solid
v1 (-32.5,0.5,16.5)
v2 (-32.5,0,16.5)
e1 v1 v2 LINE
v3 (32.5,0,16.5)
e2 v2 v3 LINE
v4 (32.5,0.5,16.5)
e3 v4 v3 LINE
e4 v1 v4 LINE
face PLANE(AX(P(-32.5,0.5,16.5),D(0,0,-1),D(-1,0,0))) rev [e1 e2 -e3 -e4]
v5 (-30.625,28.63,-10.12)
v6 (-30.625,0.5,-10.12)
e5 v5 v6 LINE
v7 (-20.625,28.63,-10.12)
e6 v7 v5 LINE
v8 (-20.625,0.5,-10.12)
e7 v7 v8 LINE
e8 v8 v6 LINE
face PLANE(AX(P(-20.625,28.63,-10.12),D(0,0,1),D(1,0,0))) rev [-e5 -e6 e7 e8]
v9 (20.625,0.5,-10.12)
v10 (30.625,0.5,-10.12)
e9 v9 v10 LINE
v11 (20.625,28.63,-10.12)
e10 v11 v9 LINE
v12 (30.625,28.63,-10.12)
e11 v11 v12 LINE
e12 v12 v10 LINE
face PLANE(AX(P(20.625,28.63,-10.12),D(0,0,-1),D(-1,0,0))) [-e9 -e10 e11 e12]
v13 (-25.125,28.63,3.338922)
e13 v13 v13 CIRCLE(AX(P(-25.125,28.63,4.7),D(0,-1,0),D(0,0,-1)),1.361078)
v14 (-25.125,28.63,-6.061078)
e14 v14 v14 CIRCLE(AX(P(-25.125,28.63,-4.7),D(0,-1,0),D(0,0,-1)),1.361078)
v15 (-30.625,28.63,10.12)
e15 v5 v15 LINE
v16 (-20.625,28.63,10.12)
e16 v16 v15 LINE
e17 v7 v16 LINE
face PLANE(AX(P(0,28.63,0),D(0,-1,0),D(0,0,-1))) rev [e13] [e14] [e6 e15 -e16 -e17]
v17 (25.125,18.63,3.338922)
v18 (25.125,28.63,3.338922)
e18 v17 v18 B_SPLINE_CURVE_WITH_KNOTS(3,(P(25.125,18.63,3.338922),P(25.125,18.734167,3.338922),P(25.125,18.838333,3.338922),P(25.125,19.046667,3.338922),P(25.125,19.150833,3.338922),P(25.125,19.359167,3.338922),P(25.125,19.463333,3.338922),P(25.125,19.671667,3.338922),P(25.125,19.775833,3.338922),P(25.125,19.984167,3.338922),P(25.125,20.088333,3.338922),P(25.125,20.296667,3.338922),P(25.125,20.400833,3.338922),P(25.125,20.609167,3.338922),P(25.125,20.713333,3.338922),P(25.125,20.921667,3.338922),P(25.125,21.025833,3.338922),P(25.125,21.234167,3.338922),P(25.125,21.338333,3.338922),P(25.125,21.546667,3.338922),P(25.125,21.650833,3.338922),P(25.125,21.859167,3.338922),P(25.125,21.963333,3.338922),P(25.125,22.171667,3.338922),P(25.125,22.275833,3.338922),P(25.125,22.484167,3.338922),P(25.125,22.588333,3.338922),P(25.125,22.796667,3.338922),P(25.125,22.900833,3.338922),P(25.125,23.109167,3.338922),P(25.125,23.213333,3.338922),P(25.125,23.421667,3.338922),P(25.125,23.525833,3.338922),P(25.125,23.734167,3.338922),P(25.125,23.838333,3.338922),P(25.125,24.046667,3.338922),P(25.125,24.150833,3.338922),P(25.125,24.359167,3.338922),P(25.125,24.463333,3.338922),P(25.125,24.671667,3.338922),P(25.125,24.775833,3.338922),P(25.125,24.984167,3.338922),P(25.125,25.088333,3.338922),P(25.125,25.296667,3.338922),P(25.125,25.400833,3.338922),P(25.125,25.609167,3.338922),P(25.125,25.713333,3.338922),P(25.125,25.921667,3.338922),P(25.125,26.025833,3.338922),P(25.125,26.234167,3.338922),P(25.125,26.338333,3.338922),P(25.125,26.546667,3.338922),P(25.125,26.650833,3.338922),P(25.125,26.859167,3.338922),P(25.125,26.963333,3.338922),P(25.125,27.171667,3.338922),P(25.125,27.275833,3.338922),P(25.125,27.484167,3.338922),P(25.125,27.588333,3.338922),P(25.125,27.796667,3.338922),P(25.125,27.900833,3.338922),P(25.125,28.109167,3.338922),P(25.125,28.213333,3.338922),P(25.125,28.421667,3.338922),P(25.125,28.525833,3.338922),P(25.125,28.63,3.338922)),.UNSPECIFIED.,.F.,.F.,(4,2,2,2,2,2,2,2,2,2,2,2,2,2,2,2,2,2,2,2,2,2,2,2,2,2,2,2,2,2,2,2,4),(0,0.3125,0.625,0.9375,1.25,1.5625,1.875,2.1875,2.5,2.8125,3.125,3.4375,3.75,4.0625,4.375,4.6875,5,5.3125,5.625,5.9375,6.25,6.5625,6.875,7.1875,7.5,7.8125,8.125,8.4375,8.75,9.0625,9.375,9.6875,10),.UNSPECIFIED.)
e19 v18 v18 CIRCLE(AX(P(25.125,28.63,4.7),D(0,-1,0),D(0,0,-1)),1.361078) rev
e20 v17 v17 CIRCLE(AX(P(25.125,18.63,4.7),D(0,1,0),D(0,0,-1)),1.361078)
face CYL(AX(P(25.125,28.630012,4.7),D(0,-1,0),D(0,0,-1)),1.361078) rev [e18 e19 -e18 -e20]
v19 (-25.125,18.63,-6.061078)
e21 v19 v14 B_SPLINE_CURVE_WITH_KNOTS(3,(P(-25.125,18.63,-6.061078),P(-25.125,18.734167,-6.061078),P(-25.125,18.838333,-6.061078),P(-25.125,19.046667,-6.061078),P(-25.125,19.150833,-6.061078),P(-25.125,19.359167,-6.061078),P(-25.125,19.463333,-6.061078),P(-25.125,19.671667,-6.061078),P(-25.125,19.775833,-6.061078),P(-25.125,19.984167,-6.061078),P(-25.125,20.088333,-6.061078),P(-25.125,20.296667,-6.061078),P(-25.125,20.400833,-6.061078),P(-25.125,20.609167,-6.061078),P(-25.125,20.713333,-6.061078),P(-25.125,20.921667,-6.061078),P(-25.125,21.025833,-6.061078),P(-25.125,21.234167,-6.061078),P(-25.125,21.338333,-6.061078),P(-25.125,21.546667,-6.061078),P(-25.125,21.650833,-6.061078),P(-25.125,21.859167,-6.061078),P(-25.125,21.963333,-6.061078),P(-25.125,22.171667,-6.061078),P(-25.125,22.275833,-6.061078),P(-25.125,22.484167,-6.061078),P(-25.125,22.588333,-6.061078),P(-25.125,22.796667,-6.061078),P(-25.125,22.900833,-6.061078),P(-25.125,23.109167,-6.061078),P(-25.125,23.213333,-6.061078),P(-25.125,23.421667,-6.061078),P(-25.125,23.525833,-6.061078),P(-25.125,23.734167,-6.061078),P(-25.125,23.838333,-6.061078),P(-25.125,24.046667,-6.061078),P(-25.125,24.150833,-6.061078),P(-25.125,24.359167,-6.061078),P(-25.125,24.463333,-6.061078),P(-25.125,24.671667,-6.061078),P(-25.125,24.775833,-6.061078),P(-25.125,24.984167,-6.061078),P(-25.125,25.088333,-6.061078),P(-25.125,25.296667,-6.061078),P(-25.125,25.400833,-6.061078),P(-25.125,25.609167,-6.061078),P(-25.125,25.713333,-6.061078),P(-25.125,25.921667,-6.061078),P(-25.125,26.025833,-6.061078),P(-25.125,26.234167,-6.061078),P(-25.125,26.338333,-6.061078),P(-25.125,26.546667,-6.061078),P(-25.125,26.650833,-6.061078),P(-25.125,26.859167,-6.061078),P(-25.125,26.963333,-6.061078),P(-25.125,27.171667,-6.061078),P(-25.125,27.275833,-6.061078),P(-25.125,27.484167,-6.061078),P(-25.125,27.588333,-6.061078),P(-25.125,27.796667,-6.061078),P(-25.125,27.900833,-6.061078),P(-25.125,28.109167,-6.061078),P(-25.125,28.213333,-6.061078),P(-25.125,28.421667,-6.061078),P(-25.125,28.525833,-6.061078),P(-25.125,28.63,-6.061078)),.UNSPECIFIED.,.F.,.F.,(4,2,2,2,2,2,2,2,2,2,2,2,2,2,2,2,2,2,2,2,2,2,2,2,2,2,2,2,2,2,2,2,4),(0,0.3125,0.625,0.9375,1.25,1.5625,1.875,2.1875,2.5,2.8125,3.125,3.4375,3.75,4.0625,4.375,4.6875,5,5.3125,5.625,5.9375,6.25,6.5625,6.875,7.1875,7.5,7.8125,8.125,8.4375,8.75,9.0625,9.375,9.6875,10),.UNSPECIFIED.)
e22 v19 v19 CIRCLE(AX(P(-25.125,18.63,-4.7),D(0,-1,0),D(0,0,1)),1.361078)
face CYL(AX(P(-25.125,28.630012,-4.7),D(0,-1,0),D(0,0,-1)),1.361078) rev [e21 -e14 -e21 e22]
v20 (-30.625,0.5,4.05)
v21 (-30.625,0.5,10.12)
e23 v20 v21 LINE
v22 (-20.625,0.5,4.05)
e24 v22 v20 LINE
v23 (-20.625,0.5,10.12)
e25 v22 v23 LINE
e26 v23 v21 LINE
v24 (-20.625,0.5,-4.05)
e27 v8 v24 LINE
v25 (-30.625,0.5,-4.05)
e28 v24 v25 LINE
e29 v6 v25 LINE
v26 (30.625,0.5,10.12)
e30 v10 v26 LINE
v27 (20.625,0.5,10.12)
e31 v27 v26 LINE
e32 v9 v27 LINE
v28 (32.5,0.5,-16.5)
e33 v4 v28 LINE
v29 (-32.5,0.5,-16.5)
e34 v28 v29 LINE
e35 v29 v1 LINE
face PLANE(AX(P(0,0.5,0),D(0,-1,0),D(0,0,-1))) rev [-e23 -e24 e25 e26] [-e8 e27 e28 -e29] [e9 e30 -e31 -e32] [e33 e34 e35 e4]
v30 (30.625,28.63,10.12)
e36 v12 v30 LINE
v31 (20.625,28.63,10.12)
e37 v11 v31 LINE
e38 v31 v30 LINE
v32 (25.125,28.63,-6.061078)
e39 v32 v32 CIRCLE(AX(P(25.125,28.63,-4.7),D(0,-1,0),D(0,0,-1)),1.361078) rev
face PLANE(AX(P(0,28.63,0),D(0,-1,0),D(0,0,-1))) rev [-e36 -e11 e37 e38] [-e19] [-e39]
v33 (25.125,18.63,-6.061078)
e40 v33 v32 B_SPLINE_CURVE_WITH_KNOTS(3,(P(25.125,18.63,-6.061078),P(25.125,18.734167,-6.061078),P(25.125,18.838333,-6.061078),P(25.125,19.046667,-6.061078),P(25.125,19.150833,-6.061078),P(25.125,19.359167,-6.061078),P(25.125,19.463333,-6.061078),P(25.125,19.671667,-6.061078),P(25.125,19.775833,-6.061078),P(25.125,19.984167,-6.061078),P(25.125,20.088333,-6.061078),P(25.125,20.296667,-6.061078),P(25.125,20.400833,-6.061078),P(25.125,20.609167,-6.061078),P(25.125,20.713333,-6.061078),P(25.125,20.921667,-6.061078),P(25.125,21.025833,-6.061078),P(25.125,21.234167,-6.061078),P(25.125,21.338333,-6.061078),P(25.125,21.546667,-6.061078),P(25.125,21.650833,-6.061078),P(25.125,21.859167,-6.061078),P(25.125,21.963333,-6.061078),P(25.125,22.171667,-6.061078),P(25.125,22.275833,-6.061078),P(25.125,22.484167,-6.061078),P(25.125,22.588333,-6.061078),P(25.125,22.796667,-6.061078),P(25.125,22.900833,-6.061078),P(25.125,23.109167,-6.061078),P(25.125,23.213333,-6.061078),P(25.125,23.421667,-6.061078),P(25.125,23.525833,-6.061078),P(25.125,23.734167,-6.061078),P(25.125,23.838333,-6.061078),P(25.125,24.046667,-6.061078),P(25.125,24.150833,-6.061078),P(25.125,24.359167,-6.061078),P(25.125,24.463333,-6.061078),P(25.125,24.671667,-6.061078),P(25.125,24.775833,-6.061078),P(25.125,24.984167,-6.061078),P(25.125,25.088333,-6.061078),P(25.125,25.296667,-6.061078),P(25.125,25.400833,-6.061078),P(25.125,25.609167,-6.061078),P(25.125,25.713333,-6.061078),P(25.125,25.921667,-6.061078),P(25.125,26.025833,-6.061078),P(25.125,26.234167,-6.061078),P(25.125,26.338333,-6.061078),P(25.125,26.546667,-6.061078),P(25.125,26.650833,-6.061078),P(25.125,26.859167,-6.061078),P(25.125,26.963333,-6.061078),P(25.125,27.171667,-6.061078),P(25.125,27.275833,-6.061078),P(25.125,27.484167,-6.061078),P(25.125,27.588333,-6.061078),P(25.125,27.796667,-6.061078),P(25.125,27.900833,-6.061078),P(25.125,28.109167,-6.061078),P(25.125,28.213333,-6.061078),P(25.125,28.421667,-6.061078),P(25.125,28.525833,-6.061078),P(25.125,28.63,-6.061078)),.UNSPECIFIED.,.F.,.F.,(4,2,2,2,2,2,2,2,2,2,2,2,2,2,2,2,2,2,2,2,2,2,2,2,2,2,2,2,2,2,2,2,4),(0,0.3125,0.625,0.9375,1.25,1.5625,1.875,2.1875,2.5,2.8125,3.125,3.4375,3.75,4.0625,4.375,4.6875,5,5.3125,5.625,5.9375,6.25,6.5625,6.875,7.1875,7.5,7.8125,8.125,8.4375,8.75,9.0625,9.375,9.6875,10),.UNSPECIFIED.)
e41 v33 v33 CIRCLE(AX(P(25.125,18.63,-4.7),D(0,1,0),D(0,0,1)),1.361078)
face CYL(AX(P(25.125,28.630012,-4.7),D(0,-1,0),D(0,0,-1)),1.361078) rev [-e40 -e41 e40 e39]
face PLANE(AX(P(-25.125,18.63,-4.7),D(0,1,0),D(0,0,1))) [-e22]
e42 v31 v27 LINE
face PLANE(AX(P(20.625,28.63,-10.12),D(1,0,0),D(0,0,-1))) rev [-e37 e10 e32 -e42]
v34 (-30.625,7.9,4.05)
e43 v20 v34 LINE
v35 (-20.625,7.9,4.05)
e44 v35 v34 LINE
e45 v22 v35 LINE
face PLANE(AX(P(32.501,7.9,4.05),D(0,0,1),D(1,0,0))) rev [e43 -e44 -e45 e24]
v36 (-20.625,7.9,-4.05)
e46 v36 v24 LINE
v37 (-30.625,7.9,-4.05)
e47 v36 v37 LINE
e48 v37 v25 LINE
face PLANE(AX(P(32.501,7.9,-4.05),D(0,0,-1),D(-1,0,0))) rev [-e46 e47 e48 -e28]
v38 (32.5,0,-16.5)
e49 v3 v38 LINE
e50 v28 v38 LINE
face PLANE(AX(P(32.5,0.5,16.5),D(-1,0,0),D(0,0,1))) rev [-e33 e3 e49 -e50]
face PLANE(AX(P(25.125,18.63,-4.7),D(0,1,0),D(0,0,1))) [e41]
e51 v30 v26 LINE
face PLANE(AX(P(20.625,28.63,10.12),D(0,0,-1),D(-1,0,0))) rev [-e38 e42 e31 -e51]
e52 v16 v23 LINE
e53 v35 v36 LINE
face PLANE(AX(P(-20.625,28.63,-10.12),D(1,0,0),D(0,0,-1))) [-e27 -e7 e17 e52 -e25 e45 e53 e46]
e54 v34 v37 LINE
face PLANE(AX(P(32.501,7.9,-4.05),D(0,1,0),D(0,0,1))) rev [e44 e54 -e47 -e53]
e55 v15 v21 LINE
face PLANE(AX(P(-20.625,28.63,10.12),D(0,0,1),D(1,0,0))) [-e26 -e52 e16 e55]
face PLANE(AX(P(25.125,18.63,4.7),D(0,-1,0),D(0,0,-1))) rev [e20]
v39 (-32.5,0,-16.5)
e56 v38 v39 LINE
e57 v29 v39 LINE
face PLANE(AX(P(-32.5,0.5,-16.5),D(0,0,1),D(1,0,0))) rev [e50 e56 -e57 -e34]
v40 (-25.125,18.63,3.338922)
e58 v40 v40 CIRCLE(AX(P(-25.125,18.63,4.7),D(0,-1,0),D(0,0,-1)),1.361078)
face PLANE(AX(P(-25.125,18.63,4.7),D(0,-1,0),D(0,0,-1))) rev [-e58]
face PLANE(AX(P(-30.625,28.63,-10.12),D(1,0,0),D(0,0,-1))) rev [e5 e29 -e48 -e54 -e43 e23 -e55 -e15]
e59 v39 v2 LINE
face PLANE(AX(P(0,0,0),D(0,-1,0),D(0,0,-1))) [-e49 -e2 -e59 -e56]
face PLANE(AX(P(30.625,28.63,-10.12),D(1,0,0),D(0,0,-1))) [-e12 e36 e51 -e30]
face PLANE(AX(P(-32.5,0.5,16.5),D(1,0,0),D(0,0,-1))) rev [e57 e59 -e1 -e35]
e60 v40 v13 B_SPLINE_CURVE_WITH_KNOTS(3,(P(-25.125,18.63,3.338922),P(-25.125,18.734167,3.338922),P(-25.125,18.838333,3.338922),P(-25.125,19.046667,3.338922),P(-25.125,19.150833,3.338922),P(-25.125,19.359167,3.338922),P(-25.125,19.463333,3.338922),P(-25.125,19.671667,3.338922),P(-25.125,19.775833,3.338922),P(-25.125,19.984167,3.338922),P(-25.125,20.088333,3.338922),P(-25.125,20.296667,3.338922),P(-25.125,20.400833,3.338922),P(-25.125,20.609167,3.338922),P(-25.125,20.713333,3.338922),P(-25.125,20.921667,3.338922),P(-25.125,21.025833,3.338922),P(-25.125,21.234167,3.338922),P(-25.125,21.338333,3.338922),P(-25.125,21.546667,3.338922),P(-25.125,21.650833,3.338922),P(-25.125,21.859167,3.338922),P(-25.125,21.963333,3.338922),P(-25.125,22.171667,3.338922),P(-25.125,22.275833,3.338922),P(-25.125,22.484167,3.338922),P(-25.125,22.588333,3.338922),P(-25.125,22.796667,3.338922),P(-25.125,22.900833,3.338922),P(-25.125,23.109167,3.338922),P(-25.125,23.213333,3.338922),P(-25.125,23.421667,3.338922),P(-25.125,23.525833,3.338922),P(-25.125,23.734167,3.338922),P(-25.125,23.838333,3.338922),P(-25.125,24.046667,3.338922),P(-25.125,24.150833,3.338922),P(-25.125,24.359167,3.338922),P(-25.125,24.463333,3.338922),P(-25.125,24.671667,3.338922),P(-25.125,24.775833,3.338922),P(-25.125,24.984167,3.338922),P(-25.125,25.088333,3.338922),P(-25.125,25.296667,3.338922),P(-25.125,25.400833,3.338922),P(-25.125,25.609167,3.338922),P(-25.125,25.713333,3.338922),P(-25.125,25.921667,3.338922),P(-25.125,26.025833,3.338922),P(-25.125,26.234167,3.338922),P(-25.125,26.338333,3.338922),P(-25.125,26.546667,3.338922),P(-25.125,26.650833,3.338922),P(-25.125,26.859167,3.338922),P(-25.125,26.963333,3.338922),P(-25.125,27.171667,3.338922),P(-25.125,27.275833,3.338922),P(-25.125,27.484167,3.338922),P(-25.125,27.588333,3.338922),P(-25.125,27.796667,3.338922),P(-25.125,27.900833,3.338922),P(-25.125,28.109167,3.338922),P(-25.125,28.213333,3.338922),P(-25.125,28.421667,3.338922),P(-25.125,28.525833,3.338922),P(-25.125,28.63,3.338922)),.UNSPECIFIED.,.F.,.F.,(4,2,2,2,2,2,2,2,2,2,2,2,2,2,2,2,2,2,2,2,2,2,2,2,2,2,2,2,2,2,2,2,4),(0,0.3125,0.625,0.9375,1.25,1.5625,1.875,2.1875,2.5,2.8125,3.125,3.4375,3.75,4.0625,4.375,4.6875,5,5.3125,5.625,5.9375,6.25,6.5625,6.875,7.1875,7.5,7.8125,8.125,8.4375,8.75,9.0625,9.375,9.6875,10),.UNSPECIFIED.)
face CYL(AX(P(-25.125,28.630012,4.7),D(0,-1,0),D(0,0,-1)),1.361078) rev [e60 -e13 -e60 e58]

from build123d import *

# Parameters (mm, degrees)
SKETCH1_W           = 65
SKETCH1_H           = 33
BOSS_EXTRUDE1_DEPTH = 0.5
SKETCH2_W           = 10
SKETCH2_H           = 20.24
BOSS_EXTRUDE2_DEPTH = 28.13
CUT_EXTRUDE1_START  = -10
SKETCH3_R           = 1.361077795
CUT_EXTRUDE1_DEPTH  = 57.348429315
CUT_EXTRUDE2_REACH  = 73.251
SKETCH4_W           = 8.1
SKETCH4_H           = 7.4


with BuildPart() as part:
    # Sketch1 → Boss-Extrude1 (new body)
    with BuildSketch(Plane(origin=(0, 0, 0), x_dir=(1, 0, 0), z_dir=(0, 1, 0))):
        Rectangle(SKETCH1_W, SKETCH1_H)
    extrude(amount=BOSS_EXTRUDE1_DEPTH)

    # Sketch2 → Boss-Extrude2 (add)
    with BuildSketch(Plane(origin=(0, 0.5, 0), x_dir=(1, 0, 0), z_dir=(0, 1, 0))):
        with Locations((25.625, 0)):
            Rectangle(SKETCH2_W, SKETCH2_H)
    boss_extrude2 = extrude(amount=BOSS_EXTRUDE2_DEPTH)

    # Sketch3 → Cut-Extrude1 (cut)
    with BuildSketch(Plane(origin=(0, 28.63, 0), x_dir=(1, 0, 0), z_dir=(0, 1, 0)).offset(CUT_EXTRUDE1_START)):
        with Locations(Location((25.125, 4.7, 0), (0, 0, 90))):
            Circle(SKETCH3_R)
        with Locations(Location((25.125, -4.7, 0), (0, 0, 90))):
            Circle(SKETCH3_R)
    cut_extrude1 = extrude(amount=CUT_EXTRUDE1_DEPTH, mode=Mode.SUBTRACT)

    # Mirror3: Boss-Extrude2, Cut-Extrude1 across plane
    add(boss_extrude2.mirror(Plane(origin=(0, 0, 0), x_dir=(0, 0, 1), z_dir=(1, 0, 0))))
    add(cut_extrude1.mirror(Plane(origin=(0, 0, 0), x_dir=(0, 0, 1), z_dir=(1, 0, 0))), mode=Mode.SUBTRACT)

    # Sketch4 → Cut-Extrude2 (cut, up to next)
    with BuildSketch(Plane.ZY.offset(30.625), mode=Mode.PRIVATE) as cut_extrude2_sk1:
        with Locations((0, 4.2)):
            Rectangle(SKETCH4_W, SKETCH4_H)
    cut_extrude2_tool1 = extrude(cut_extrude2_sk1.sketch, amount=-CUT_EXTRUDE2_REACH, mode=Mode.PRIVATE) & part.part
    add(cut_extrude2_tool1.solids().sort_by_distance((-30.625, 4.2, 0))[0], mode=Mode.SUBTRACT)


solid = part.part
